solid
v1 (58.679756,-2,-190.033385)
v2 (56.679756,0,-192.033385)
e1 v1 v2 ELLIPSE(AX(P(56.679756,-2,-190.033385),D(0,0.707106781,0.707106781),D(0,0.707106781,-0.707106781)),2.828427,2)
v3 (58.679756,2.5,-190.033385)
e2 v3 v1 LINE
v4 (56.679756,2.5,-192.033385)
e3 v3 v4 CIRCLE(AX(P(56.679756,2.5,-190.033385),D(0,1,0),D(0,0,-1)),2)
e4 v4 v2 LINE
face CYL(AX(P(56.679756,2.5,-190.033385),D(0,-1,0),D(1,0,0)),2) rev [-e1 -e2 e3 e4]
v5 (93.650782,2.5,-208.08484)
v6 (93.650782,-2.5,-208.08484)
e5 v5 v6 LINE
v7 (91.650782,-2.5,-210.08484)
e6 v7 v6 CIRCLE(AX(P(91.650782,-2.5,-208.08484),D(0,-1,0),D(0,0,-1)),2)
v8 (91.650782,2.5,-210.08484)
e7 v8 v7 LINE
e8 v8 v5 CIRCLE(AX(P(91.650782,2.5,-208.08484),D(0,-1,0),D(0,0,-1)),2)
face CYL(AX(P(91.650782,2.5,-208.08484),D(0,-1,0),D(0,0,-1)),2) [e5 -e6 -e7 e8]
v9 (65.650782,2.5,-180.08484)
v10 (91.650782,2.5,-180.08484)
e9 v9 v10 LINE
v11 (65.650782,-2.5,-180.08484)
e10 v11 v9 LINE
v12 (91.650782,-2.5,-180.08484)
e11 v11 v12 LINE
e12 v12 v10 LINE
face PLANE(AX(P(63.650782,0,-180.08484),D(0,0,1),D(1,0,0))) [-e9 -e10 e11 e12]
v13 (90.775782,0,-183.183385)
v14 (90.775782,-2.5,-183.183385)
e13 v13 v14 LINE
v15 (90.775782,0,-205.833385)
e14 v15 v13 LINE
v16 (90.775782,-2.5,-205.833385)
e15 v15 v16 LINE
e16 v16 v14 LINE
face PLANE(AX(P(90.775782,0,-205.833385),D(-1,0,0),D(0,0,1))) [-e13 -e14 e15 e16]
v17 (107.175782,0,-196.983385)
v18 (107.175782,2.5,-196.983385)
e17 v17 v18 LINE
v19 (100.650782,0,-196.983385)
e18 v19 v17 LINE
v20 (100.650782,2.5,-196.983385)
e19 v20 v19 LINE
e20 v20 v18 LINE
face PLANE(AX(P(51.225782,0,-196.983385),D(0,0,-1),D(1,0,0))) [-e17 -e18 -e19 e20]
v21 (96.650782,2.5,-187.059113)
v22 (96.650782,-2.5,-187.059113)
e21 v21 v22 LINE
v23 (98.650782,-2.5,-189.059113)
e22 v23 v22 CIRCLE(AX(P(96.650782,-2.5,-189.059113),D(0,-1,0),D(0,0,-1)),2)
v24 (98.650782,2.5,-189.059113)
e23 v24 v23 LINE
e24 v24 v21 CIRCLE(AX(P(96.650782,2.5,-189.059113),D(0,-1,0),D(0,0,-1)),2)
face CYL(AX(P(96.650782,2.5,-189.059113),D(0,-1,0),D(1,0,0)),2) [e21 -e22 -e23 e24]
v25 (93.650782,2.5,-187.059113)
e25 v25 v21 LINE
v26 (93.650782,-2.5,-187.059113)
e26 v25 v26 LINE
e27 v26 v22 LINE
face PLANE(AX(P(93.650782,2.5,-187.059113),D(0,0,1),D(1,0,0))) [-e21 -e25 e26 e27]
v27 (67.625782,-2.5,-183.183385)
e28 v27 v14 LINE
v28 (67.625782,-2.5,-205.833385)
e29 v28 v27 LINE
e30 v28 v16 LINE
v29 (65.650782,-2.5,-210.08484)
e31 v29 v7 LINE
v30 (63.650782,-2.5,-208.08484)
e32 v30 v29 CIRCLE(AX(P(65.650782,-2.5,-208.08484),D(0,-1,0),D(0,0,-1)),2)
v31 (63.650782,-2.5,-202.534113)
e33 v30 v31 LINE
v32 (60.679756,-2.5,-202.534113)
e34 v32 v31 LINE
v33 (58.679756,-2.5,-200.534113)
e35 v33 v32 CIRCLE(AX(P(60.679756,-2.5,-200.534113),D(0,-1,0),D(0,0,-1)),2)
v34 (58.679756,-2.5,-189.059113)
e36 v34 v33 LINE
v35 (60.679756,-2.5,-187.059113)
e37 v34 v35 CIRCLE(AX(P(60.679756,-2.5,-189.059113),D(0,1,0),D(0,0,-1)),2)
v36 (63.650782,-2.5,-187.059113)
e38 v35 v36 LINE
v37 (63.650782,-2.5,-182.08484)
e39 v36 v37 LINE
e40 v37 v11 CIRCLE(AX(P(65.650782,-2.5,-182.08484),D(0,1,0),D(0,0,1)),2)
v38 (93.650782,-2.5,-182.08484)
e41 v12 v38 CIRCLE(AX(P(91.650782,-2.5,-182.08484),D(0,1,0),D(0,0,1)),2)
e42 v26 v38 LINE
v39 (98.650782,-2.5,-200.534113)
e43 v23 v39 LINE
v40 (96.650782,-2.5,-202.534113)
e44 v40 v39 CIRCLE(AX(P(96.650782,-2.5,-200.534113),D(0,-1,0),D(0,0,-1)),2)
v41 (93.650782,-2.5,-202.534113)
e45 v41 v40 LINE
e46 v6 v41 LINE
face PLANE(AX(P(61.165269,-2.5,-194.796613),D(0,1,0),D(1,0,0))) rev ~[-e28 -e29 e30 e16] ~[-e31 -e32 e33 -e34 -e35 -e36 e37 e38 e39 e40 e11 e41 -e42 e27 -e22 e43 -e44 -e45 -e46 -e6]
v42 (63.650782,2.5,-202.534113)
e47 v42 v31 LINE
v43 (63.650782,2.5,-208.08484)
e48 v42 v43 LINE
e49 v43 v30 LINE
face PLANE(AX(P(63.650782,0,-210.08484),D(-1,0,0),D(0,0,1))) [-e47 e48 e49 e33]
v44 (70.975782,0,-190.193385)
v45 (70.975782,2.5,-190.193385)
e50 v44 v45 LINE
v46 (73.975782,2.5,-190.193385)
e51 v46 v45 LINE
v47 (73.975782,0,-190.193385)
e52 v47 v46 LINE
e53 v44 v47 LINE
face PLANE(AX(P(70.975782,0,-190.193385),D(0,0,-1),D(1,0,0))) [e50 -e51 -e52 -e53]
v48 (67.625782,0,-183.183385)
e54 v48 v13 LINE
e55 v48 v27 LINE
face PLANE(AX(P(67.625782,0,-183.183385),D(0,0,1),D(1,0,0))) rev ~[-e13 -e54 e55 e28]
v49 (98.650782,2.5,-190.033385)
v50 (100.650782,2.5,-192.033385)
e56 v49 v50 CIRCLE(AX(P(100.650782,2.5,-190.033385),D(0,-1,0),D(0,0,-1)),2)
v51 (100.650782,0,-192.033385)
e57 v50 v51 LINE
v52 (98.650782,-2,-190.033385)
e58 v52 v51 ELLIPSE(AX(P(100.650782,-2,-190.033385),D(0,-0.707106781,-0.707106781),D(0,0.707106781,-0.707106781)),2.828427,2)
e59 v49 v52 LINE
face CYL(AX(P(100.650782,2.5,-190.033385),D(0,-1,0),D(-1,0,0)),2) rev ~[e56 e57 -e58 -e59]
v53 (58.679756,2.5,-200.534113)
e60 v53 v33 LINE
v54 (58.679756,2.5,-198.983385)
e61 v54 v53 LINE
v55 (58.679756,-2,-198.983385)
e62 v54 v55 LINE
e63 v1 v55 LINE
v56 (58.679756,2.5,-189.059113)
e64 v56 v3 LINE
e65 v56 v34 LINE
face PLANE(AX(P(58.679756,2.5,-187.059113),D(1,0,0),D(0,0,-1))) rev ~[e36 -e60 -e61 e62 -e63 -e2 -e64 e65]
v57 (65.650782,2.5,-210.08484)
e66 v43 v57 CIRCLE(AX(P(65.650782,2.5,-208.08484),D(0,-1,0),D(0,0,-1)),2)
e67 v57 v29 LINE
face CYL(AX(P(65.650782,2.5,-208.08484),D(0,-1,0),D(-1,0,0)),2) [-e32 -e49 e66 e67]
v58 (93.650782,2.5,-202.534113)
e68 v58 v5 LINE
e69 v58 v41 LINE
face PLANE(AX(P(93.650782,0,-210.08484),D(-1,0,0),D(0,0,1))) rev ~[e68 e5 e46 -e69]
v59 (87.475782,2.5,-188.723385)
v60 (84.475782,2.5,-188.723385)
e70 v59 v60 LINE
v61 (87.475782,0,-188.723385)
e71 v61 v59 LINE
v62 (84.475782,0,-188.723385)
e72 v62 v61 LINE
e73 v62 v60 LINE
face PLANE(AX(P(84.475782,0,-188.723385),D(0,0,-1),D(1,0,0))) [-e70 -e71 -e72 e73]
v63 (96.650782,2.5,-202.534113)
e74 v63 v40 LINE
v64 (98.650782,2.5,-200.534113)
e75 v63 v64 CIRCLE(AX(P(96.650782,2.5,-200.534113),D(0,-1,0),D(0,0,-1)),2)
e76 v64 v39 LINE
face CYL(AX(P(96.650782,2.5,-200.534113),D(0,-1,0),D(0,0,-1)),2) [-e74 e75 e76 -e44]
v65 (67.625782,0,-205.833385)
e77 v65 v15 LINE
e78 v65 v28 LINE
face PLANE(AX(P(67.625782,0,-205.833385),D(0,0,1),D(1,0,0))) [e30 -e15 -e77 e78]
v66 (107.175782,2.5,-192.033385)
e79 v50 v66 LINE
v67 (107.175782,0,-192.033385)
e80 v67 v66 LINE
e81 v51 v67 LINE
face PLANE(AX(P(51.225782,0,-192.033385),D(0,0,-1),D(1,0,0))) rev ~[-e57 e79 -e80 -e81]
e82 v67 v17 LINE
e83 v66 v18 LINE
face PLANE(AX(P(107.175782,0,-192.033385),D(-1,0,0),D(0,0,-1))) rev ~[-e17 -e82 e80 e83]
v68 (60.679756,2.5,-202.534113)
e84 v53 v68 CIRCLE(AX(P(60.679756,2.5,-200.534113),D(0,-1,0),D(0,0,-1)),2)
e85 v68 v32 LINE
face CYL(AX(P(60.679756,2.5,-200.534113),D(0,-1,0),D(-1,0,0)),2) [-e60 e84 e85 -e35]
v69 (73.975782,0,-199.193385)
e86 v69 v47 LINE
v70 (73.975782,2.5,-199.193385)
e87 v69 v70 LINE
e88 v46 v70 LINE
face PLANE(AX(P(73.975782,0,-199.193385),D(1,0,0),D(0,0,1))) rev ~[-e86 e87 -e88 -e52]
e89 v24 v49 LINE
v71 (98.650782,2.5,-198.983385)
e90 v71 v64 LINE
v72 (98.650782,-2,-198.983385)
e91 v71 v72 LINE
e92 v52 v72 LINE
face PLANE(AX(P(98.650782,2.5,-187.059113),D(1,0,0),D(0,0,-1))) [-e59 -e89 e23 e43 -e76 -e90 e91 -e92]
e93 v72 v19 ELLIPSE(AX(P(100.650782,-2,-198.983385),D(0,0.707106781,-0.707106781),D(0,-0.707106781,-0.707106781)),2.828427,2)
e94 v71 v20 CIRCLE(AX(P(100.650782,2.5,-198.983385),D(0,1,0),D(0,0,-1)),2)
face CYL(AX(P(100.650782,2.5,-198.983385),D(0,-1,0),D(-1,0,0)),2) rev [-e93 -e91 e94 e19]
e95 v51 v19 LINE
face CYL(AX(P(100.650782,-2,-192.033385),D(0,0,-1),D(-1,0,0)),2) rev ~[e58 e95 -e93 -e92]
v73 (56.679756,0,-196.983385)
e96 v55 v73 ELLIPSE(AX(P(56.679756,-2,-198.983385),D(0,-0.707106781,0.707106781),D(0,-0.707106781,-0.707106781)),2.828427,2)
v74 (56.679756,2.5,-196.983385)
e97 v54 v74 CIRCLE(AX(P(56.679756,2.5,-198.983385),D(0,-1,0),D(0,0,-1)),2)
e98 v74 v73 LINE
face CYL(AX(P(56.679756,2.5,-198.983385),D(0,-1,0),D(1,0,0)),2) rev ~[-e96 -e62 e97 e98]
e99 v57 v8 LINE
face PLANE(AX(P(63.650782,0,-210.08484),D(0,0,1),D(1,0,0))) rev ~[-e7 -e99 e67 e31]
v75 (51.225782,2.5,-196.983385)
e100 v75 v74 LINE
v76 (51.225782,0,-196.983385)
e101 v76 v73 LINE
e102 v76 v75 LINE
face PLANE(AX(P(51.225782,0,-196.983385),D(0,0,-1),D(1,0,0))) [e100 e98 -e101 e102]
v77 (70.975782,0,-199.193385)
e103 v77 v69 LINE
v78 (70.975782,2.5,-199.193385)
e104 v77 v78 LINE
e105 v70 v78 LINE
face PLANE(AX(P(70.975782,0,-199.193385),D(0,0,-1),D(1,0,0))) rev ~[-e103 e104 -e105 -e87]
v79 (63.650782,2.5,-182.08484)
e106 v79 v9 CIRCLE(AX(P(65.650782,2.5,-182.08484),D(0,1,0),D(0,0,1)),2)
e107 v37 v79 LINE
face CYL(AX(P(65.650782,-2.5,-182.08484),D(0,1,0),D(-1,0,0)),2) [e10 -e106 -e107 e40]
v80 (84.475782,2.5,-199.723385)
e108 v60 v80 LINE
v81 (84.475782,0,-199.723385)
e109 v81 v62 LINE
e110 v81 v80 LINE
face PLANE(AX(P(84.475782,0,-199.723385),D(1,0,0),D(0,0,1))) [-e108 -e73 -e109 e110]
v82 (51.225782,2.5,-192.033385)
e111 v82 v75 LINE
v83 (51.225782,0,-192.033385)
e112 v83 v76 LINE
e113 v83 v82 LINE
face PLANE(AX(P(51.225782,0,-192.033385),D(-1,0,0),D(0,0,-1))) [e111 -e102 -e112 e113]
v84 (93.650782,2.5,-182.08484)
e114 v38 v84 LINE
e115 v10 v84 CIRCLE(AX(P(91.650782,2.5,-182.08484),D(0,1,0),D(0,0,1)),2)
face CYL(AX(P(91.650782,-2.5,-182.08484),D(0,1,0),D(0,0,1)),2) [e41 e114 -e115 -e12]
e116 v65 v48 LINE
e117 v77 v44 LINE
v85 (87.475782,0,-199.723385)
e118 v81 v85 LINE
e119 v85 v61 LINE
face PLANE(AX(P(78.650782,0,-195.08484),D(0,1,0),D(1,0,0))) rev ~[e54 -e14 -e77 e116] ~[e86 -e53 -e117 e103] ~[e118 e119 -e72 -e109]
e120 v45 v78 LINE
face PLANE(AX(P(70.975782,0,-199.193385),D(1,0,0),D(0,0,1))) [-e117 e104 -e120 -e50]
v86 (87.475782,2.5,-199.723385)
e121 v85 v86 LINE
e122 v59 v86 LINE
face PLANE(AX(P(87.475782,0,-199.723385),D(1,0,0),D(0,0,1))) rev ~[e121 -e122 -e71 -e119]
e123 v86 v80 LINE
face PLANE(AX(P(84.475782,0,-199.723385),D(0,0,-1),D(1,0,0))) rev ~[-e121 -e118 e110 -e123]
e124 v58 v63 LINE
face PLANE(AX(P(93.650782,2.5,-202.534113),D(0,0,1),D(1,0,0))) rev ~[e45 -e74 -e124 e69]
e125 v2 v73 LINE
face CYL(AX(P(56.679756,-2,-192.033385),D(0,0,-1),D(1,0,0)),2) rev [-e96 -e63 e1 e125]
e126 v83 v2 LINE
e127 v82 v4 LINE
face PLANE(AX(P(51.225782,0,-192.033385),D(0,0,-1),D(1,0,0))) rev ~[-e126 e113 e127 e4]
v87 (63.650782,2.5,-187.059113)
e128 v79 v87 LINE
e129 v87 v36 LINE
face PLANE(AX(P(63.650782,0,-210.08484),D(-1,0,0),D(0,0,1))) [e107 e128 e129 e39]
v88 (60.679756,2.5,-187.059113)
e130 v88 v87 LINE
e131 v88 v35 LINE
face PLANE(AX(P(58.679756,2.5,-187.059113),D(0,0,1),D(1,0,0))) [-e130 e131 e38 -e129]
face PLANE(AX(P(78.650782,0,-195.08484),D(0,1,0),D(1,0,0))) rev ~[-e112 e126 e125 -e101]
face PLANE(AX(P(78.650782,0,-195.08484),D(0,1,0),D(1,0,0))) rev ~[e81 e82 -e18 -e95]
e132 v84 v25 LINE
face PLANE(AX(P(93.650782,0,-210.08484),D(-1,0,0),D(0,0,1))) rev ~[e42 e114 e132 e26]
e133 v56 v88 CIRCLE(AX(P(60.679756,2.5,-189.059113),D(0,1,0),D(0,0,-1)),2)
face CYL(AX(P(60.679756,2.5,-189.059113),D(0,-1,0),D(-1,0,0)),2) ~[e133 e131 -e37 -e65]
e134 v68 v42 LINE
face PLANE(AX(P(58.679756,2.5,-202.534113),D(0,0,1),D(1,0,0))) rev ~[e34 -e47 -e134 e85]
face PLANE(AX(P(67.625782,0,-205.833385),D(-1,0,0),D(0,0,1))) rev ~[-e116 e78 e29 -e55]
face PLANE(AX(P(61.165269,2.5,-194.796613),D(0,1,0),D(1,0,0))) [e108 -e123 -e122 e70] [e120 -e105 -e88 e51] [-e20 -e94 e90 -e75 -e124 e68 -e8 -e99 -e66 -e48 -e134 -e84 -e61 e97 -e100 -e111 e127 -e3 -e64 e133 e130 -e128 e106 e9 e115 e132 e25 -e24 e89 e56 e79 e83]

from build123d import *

# Parameters (mm, degrees)
SKETCH1_W           = 55.95
SKETCH1_H           = 4.95
BOSS_EXTRUDE1_DEPTH = 2.5
SKETCH2_W           = 30
SKETCH2_H           = 30
BOSS_EXTRUDE2_DEPTH = 2.5
SKETCH3_W           = 30
SKETCH3_H           = 30
SKETCH3_W_2         = 23.15
SKETCH3_H_2         = 22.65
BOSS_EXTRUDE3_DEPTH = 2.5
SKETCH4_W           = 3
SKETCH4_H           = 9
CUT_EXTRUDE1_DEPTH  = 236.857029442
FILLET1_R           = 2
SKETCH5_W           = 4.971025799
SKETCH5_H           = 15.475
SKETCH5_W_2         = 5
BOSS_EXTRUDE4_DEPTH = 5
FILLET2_R           = 2
SKETCH6_W           = 3
SKETCH6_H           = 11
CUT_EXTRUDE2_DEPTH  = 236.857029442


with BuildPart() as part:
    # Sketch1 → Boss-Extrude1 (new body)
    with BuildSketch(Plane(origin=(0, 0, 0), x_dir=(1, 0, 0), z_dir=(0, 1, 0))):
        with Locations((79.200782246, 194.508385484)):
            Rectangle(SKETCH1_W, SKETCH1_H)
    extrude(amount=BOSS_EXTRUDE1_DEPTH)

    # Sketch2 → Boss-Extrude2 (add)
    with BuildSketch(Plane(origin=(0, 0, 0), x_dir=(1, 0, 0), z_dir=(0, 1, 0))):
        with Locations((78.650782246, 195.084840094)):
            Rectangle(SKETCH2_W, SKETCH2_H)
    extrude(amount=BOSS_EXTRUDE2_DEPTH)

    # Sketch3 → Boss-Extrude3 (add)
    with BuildSketch(Plane.XZ):
        with Locations((78.650782246, -195.084840094)):
            Rectangle(SKETCH3_W, SKETCH3_H)
        with Locations((79.200782246, -194.508385484)):
            Rectangle(SKETCH3_W_2, SKETCH3_H_2, mode=Mode.SUBTRACT)
    extrude(amount=BOSS_EXTRUDE3_DEPTH)

    # Sketch4 → Cut-Extrude1 (cut, through all)
    with BuildSketch(Plane.XZ):
        with Locations((72.475782246, -194.693385484)):
            Rectangle(SKETCH4_W, SKETCH4_H)
    extrude(amount=-CUT_EXTRUDE1_DEPTH, mode=Mode.SUBTRACT)

    # Fillet1
    fillet1_edges = [part.edges().sort_by_distance(p)[0] for p in [
        (63.650782246, 0, -210.084840094),
        (93.650782246, 0, -180.084840094),
        (63.650782246, 0, -180.084840094),
        (93.650782246, 0, -210.084840094),
    ]]
    fillet(fillet1_edges, radius=FILLET1_R)

    # Sketch5 → Boss-Extrude4 (add)
    with BuildSketch(Plane(origin=(0, 2.5, 0), x_dir=(1, 0, 0), z_dir=(0, 1, 0))):
        with Locations((61.165269347, 194.796612789)):
            Rectangle(SKETCH5_W, SKETCH5_H)
        with Locations((96.150782246, 194.796612789)):
            Rectangle(SKETCH5_W_2, SKETCH5_H)
    extrude(amount=-BOSS_EXTRUDE4_DEPTH)

    # Fillet2
    fillet2_edges = [part.edges().sort_by_distance(p)[0] for p in [
        (98.650782246, 0, -194.508385484),
        (58.679756447, 0, -194.508385484),
        (58.679756447, 0, -187.059112789),
        (58.679756447, 1.25, -192.033385484),
        (58.679756447, 1.25, -196.983385484),
        (58.679756447, 0, -202.534112789),
        (98.650782246, 0, -202.534112789),
        (98.650782246, 1.25, -192.033385484),
        (98.650782246, 1.25, -196.983385484),
        (98.650782246, 0, -187.059112789),
    ]]
    fillet(fillet2_edges, radius=FILLET2_R)

    # Sketch6 → Cut-Extrude2 (cut, through all)
    with BuildSketch(Plane.XZ):
        with Locations((85.975782246, -194.223385484)):
            Rectangle(SKETCH6_W, SKETCH6_H)
    extrude(amount=-CUT_EXTRUDE2_DEPTH, mode=Mode.SUBTRACT)


solid = part.part
